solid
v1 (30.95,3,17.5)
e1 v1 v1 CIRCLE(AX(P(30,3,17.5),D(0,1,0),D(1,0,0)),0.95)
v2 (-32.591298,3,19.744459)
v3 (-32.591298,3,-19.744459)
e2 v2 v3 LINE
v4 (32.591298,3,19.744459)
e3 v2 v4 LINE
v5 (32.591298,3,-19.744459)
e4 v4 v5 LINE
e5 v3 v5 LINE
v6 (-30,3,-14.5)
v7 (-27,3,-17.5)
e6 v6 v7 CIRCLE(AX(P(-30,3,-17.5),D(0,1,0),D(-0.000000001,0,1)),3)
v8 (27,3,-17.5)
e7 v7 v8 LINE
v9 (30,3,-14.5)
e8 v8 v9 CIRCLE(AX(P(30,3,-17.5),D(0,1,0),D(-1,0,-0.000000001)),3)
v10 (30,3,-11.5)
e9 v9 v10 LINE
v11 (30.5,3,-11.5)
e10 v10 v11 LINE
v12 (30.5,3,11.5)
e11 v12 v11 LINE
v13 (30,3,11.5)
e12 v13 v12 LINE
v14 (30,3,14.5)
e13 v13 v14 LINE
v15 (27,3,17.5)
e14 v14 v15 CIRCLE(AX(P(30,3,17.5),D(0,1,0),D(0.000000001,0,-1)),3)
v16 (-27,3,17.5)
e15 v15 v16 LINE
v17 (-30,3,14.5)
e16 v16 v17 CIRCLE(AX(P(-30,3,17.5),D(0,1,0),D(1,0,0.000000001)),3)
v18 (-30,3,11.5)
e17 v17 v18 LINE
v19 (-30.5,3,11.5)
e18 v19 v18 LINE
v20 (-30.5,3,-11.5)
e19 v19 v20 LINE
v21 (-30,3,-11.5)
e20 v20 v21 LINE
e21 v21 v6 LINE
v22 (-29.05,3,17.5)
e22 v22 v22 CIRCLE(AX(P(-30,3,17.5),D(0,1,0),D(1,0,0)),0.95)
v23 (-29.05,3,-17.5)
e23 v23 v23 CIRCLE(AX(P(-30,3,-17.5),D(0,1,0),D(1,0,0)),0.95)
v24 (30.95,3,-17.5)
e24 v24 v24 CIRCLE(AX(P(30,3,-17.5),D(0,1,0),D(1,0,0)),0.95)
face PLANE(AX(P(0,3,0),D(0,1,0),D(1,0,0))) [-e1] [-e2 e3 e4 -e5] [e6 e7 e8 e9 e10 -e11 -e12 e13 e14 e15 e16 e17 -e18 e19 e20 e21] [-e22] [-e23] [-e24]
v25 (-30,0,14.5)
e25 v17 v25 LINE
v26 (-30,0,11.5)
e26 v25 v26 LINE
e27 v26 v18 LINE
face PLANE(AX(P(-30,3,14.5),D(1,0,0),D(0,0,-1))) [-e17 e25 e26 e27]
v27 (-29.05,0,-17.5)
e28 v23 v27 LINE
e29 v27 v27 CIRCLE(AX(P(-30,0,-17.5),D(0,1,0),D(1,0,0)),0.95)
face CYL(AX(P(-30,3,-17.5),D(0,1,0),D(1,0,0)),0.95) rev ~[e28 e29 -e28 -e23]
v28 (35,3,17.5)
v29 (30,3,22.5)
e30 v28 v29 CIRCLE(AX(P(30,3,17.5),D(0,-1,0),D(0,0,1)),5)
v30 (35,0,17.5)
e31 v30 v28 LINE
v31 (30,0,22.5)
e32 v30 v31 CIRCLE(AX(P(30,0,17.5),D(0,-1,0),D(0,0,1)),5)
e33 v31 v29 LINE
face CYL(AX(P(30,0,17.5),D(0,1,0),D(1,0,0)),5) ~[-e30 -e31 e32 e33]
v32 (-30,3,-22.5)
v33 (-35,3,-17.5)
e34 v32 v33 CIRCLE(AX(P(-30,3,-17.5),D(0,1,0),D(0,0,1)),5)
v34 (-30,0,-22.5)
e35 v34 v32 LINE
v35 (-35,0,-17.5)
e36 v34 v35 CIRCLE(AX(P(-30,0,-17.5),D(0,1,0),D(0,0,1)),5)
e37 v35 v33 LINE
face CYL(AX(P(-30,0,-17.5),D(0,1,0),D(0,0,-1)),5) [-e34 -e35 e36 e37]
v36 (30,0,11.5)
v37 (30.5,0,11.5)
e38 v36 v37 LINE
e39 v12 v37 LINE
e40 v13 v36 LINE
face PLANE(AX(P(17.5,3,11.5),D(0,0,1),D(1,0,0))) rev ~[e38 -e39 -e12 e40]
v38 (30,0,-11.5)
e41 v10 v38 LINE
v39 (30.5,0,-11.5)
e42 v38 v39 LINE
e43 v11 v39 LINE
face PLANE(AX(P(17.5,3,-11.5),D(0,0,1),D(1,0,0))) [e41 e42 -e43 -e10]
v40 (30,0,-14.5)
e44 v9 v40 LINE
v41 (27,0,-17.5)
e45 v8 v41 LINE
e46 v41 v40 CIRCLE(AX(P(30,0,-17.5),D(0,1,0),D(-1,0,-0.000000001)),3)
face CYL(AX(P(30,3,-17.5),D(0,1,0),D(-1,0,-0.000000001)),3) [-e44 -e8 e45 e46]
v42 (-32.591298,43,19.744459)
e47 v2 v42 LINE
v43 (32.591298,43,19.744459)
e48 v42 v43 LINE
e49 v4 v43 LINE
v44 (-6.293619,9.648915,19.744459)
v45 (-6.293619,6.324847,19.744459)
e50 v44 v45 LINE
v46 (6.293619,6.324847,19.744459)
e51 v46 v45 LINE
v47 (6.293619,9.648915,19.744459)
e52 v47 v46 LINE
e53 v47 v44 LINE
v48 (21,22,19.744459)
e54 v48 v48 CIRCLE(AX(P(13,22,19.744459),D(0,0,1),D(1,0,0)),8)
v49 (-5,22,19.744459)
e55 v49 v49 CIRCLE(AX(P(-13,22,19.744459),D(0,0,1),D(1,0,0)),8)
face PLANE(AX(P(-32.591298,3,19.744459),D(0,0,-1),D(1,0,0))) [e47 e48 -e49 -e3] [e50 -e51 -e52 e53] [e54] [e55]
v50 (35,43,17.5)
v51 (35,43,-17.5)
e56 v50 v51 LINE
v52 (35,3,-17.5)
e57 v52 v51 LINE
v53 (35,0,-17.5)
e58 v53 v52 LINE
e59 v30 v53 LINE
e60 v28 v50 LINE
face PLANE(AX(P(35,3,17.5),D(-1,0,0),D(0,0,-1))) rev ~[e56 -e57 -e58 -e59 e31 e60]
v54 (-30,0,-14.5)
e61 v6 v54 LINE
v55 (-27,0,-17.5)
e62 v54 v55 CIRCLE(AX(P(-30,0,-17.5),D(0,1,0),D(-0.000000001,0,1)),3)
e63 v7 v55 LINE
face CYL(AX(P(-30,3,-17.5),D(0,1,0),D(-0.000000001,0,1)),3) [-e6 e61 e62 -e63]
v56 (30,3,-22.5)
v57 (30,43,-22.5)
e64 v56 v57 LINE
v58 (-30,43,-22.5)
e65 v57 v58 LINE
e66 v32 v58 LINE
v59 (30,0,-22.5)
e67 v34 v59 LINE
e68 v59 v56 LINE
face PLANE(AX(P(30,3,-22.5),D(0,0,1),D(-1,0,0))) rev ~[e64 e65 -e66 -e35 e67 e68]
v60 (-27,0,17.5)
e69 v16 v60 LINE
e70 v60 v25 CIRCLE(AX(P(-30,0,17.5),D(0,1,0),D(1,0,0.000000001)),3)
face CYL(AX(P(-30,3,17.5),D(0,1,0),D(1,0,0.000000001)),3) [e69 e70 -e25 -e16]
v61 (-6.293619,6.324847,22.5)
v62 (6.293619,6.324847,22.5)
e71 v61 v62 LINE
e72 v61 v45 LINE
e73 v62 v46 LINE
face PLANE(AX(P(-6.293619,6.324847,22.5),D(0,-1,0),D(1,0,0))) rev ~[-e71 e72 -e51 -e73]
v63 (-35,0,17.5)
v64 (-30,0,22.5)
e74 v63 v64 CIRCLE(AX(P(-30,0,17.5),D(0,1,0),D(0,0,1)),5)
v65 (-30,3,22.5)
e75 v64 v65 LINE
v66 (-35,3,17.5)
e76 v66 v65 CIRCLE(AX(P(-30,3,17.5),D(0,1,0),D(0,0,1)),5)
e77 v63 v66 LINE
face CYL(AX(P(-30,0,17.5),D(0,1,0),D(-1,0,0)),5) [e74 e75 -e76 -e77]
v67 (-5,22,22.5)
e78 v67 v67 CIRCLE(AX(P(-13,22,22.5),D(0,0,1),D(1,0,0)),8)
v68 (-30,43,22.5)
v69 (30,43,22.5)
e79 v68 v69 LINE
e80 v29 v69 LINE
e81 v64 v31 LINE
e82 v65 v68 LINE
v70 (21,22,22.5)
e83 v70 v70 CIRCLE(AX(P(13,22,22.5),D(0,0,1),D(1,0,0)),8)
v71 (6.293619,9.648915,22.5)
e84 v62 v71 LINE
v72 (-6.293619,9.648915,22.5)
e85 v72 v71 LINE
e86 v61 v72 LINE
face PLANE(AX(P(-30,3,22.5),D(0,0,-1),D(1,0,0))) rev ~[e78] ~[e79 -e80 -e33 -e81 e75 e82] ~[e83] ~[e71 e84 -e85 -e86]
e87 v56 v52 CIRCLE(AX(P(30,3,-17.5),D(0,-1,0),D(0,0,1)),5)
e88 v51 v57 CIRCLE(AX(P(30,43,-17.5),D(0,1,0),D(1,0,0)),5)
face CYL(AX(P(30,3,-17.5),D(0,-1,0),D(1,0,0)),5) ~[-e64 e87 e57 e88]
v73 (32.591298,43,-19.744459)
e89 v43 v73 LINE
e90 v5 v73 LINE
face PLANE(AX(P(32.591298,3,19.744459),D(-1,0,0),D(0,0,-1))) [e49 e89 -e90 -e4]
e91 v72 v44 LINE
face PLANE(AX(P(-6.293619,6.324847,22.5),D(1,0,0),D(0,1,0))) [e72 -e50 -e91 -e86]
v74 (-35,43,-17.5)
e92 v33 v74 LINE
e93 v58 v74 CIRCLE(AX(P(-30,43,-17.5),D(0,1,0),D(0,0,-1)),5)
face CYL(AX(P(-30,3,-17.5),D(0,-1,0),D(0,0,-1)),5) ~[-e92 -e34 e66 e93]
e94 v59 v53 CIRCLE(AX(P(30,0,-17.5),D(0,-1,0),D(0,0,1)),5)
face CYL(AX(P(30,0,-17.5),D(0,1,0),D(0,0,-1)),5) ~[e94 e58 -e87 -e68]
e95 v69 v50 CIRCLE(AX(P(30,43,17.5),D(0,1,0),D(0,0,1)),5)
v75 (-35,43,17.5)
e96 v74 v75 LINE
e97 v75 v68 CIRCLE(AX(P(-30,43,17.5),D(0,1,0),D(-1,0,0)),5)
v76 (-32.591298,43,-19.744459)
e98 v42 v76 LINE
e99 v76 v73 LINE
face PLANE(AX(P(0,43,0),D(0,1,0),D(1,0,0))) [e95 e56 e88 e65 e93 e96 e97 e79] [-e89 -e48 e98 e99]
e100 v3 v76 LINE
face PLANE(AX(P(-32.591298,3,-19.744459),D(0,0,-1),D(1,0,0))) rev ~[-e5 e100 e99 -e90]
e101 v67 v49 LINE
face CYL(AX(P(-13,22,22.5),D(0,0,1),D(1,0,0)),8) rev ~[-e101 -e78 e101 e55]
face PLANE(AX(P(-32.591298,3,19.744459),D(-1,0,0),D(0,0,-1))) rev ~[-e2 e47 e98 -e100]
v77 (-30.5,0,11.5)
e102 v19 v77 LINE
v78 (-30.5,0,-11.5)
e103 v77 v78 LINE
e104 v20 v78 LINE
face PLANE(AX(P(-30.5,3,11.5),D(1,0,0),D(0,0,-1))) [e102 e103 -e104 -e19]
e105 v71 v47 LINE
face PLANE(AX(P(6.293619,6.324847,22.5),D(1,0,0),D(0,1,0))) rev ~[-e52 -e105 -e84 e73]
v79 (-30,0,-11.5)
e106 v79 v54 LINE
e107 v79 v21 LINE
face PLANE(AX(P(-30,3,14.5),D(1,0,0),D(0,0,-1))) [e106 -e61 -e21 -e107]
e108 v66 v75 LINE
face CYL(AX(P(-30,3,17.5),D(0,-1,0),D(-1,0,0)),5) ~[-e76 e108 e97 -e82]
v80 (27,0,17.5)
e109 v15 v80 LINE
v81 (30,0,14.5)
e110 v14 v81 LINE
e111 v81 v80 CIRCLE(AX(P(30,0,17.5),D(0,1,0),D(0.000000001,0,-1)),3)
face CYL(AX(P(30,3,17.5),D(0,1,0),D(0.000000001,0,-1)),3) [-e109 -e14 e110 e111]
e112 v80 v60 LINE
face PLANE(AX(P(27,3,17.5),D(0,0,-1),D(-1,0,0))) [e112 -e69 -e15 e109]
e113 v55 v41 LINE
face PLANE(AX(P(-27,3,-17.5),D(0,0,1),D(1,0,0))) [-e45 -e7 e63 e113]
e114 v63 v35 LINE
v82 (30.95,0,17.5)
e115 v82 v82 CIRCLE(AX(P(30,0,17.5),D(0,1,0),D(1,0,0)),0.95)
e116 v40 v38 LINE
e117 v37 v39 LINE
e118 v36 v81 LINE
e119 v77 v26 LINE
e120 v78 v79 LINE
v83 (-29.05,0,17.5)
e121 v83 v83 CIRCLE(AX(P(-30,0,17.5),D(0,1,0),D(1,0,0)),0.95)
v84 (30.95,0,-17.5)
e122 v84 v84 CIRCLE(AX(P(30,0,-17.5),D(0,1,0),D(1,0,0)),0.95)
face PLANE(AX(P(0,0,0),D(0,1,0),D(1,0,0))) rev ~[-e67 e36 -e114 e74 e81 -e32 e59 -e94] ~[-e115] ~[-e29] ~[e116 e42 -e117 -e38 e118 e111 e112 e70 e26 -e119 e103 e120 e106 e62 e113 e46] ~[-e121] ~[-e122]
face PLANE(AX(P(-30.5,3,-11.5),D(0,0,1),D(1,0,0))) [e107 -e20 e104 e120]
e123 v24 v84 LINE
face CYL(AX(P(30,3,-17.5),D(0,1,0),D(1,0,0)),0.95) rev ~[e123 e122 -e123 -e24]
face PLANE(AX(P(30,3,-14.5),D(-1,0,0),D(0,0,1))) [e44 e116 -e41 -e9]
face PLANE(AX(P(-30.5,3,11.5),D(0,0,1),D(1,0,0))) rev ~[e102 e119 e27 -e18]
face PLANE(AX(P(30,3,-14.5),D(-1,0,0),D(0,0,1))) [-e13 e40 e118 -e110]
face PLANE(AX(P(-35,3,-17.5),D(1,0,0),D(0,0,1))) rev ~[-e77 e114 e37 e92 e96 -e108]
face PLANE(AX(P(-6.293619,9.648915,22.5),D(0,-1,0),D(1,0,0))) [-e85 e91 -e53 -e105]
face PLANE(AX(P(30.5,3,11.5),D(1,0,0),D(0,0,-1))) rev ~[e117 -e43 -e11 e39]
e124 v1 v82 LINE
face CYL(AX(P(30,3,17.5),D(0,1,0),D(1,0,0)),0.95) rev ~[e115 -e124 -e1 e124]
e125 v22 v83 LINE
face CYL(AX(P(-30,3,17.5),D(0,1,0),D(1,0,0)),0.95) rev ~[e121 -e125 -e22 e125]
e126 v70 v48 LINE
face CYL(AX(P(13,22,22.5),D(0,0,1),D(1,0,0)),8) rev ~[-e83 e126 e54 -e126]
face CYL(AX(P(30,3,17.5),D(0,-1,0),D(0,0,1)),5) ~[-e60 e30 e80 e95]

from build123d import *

# Parameters (mm, degrees)
SKETCH_1_W          = 70
SKETCH_1_H          = 45
EXTRUDE_1_DEPTH     = 3
SKETCH_2_W          = 13
SKETCH_2_H          = 23
CUT_EXTRUDE_1_DEPTH = 10
SKETCH_3_R          = 0.95
CUT_EXTRUDE_2_DEPTH = 10
FILLET_1_R          = 5
FILLET_2_R          = 5
SKETCH_4_R          = 0.95
CUT_EXTRUDE_3_DEPTH = 10
CUT_EXTRUDE_4_DEPTH = 10
SKETCH_9_W          = 65.182596022
SKETCH_9_H          = 39.488918008
EXTRUDE_2_DEPTH     = 40
SKETCH_10_R         = 8
SKETCH_10_W         = 12.58723815
SKETCH_10_H         = 3.324068903
CUT_EXTRUDE_5_DEPTH = 26


with BuildPart() as part:
    # 草图1 → 凸台-拉伸1 (new body)
    with BuildSketch(Plane(origin=(0, 0, 0), x_dir=(1, 0, 0), z_dir=(0, 1, 0))):
        Rectangle(SKETCH_1_W, SKETCH_1_H)
    extrude(amount=EXTRUDE_1_DEPTH)

    # 草图2 → 切除-拉伸1 (cut)
    with BuildSketch(Plane(origin=(0, 3, 0), x_dir=(1, 0, 0), z_dir=(0, 1, 0))):
        with Locations((24, 0)):
            Rectangle(SKETCH_2_W, SKETCH_2_H)
        with Locations((-24, 0)):
            Rectangle(SKETCH_2_W, SKETCH_2_H)
    extrude(amount=-CUT_EXTRUDE_1_DEPTH, mode=Mode.SUBTRACT)

    # 草图3 → 切除-拉伸2 (cut)
    with BuildSketch(Plane(origin=(0, 3, 0), x_dir=(1, 0, 0), z_dir=(0, 1, 0))):
        with Locations((-24, 14)):
            Circle(SKETCH_3_R)
        with Locations((-24, -14)):
            Circle(SKETCH_3_R)
        with Locations((24, 14)):
            Circle(SKETCH_3_R)
        with Locations((24, -14)):
            Circle(SKETCH_3_R)
    extrude(amount=-CUT_EXTRUDE_2_DEPTH, mode=Mode.SUBTRACT)

    # 圆角1
    fillet_1_edges = [part.edges().sort_by_distance(p)[0] for p in [
        (35, 1.5, -22.5),
    ]]
    fillet(fillet_1_edges, radius=FILLET_1_R)

    # 圆角2
    fillet_2_edges = [part.edges().sort_by_distance(p)[0] for p in [
        (35, 1.5, 22.5),
        (-35, 1.5, 22.5),
        (-35, 1.5, -22.5),
    ]]
    fillet(fillet_2_edges, radius=FILLET_2_R)

    # 草图4 → 切除-拉伸3 (cut)
    with BuildSketch(Plane(origin=(0, 3, 0), x_dir=(1, 0, 0), z_dir=(0, 1, 0))):
        with Locations((-30, 17.5)):
            Circle(SKETCH_4_R)
        with Locations((30, 17.5)):
            Circle(SKETCH_4_R)
        with Locations((-30, -17.5)):
            Circle(SKETCH_4_R)
        with Locations((30, -17.5)):
            Circle(SKETCH_4_R)
    extrude(amount=-CUT_EXTRUDE_3_DEPTH, mode=Mode.SUBTRACT)

    # 草图8 → 切除-拉伸4 (cut)
    with BuildSketch(Plane(origin=(0, 3, 0), x_dir=(1, 0, 0), z_dir=(0, 1, 0))):
        with BuildLine():
            Line((-27, 17.5), (27, 17.5))
            ThreePointArc((27, 17.5), (27.878679656, 15.378679656), (30, 14.5))
            Line((30, 14.5), (30, -14.5))
            ThreePointArc((30, -14.5), (27.878679656, -15.378679656), (27, -17.5))
            Line((27, -17.5), (-27, -17.5))
            ThreePointArc((-27, -17.5), (-27.878679656, -15.378679656), (-30, -14.5))
            Line((-30, -14.5), (-30, 14.5))
            ThreePointArc((-30, 14.5), (-27.878679656, 15.378679656), (-27, 17.5))
        make_face()
    extrude(amount=-CUT_EXTRUDE_4_DEPTH, mode=Mode.SUBTRACT)

    # 草图9 → 凸台-拉伸2 (add)
    with BuildSketch(Plane(origin=(0, 3, 0), x_dir=(1, 0, 0), z_dir=(0, 1, 0))):
        with BuildLine():
            Line((-30, -22.5), (30, -22.5))
            ThreePointArc((30, -22.5), (33.535533906, -21.035533906), (35, -17.5))
            Line((35, -17.5), (35, 17.5))
            ThreePointArc((35, 17.5), (33.535533906, 21.035533906), (30, 22.5))
            Line((30, 22.5), (-30, 22.5))
            ThreePointArc((-30, 22.5), (-33.535533906, 21.035533906), (-35, 17.5))
            Line((-35, 17.5), (-35, -17.5))
            ThreePointArc((-35, -17.5), (-33.535533906, -21.035533906), (-30, -22.5))
        make_face()
        Rectangle(SKETCH_9_W, SKETCH_9_H, mode=Mode.SUBTRACT)
    extrude(amount=EXTRUDE_2_DEPTH)

    # 草图10 → 切除-拉伸5 (cut)
    with BuildSketch(Plane.XY.offset(22.5)):
        with Locations((13, 22)):
            Circle(SKETCH_10_R)
        with Locations((-13, 22)):
            Circle(SKETCH_10_R)
        with Locations((0, 7.986881032)):
            Rectangle(SKETCH_10_W, SKETCH_10_H)
    extrude(amount=-CUT_EXTRUDE_5_DEPTH, mode=Mode.SUBTRACT)


solid = part.part
